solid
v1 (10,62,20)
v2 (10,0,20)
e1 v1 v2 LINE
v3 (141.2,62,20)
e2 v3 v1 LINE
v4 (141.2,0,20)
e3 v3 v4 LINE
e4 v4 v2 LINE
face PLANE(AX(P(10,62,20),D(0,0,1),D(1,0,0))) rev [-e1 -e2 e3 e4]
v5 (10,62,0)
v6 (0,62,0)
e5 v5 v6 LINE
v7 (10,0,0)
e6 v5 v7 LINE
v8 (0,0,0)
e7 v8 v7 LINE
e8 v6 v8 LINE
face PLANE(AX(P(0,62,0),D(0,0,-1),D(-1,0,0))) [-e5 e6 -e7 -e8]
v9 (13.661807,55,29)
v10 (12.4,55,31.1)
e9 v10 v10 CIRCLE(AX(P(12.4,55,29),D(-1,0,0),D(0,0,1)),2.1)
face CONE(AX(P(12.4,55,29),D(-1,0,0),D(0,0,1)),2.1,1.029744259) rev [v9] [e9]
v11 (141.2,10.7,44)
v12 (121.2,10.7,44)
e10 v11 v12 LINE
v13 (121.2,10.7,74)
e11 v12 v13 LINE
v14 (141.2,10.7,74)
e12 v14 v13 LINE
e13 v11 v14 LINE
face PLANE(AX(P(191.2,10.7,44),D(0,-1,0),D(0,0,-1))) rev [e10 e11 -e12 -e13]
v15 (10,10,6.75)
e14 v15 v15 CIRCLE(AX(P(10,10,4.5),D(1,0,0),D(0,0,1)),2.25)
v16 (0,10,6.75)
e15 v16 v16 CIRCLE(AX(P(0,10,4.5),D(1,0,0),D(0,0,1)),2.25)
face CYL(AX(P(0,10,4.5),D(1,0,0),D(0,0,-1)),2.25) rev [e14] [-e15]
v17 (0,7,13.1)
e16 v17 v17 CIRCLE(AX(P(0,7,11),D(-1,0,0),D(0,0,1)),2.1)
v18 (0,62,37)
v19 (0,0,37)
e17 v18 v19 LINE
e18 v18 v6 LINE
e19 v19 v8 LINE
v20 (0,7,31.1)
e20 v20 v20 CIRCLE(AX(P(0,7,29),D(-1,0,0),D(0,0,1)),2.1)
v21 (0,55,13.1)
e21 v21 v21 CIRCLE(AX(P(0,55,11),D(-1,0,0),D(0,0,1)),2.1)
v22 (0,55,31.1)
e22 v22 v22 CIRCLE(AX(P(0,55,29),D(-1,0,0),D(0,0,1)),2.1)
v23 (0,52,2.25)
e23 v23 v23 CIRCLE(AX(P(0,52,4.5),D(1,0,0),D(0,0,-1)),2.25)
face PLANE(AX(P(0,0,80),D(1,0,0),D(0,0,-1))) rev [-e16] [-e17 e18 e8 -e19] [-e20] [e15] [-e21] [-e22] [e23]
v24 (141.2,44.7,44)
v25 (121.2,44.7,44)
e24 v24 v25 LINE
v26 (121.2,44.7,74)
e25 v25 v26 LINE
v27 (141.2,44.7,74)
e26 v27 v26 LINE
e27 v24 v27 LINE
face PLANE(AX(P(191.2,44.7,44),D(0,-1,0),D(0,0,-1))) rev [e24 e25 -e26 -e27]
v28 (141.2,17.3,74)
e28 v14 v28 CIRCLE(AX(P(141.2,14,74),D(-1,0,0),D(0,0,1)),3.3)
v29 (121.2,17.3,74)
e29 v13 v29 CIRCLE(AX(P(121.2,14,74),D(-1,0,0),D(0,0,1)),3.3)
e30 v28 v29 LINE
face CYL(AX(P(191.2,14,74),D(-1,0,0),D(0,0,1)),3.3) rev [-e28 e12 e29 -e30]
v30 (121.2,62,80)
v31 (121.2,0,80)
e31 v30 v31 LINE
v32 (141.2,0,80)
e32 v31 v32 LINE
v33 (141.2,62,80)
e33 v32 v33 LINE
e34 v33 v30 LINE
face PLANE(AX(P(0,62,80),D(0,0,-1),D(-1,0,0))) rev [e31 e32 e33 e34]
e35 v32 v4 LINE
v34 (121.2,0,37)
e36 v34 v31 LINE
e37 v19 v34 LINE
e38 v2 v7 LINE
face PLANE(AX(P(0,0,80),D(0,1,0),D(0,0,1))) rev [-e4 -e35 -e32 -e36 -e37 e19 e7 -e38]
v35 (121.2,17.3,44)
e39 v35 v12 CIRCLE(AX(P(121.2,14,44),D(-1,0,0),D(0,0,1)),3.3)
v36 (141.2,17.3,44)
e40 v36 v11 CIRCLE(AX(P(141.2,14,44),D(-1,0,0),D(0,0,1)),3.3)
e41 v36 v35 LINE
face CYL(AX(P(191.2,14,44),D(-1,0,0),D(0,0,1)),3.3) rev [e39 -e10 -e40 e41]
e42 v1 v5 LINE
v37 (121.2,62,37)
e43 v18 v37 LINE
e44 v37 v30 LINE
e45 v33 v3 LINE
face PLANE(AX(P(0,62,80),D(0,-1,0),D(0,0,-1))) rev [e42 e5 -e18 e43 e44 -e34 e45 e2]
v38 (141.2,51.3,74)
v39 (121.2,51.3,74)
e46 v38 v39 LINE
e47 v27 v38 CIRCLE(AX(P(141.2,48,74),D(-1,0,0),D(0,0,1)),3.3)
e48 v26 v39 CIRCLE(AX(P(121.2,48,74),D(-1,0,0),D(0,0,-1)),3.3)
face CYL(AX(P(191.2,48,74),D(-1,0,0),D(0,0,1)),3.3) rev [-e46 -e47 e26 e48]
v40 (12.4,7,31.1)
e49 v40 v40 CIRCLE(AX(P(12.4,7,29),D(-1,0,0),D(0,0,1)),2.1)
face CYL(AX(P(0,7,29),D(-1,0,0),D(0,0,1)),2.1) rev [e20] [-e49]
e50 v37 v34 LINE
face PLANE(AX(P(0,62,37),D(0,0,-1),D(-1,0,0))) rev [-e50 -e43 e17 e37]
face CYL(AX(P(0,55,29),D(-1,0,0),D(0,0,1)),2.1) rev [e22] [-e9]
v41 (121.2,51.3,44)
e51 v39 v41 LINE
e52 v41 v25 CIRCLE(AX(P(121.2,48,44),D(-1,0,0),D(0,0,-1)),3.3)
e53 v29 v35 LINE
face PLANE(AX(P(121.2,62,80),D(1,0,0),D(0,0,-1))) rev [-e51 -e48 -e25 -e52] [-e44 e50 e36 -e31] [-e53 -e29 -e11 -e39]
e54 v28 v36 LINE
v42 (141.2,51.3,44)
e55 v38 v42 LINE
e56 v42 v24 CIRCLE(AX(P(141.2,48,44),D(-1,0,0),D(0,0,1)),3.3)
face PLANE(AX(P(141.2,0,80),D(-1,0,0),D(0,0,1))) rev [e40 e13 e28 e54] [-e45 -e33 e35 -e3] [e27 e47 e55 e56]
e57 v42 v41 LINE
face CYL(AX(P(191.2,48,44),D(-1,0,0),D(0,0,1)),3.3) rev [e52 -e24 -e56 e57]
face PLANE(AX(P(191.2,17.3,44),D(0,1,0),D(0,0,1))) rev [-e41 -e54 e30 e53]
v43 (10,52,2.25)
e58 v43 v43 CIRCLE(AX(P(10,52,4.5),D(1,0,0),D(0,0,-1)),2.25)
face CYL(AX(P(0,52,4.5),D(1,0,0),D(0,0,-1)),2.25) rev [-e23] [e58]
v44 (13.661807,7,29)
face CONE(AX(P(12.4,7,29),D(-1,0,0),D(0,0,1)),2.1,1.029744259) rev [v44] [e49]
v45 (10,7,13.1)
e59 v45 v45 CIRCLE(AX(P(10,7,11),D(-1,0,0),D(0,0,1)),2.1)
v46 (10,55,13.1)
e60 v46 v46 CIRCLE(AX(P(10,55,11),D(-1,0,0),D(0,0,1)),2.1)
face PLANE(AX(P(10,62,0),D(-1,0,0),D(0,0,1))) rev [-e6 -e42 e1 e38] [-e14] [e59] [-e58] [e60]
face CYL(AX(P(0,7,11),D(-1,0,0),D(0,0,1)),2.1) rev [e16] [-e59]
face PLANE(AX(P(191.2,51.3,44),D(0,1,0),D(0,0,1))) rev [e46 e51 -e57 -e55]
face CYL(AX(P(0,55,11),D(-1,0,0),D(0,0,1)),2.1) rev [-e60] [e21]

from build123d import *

# Parameters (mm, degrees)
SKETCH_1_W             = 141.2
SKETCH_1_H             = 62
EXTRUDE_1_DEPTH        = 80
SKETCH_2_W             = 131.2
SKETCH_2_H             = 20
SKETCH_2_W_2           = 121.2
SKETCH_2_H_2           = 43
CUT_EXTRUDE_1_DEPTH    = 174.728063363
CUT_EXTRUDE_2_DEPTH    = 70
SKETCH_4_R             = 2.25
CUT_EXTRUDE_3_DEPTH    = 166.702866602
HOLE_WIZARD_M5_1_D     = 4.2
HOLE_WIZARD_M5_1_DEPTH = 12.4
HOLE_WIZARD_M5_1_TIP   = 1.2618073


with BuildPart() as part:
    # 草图1 → 凸台-拉伸1 (new body)
    with BuildSketch(Plane.XY):
        with Locations((70.6, 31)):
            Rectangle(SKETCH_1_W, SKETCH_1_H)
    extrude(amount=EXTRUDE_1_DEPTH)

    # 草图2 → 切除-拉伸1 (cut, through all)
    with BuildSketch(Plane.XZ):
        with Locations((75.6, 10)):
            Rectangle(SKETCH_2_W, SKETCH_2_H)
        with Locations((60.6, 58.5)):
            Rectangle(SKETCH_2_W_2, SKETCH_2_H_2)
    extrude(amount=-CUT_EXTRUDE_1_DEPTH, mode=Mode.SUBTRACT)

    # 草图3 → 切除-拉伸2 (cut)
    with BuildSketch(Plane.ZY.offset(-121.2)):
        with BuildLine():
            Line((44, 17.3), (74, 17.3))
            ThreePointArc((74, 17.3), (77.3, 14), (74, 10.7))
            Line((74, 10.7), (44, 10.7))
            ThreePointArc((44, 10.7), (40.7, 14), (44, 17.3))
        make_face()
        with BuildLine():
            Line((44, 44.7), (74, 44.7))
            ThreePointArc((74, 44.7), (77.3, 48), (74, 51.3))
            Line((74, 51.3), (44, 51.3))
            ThreePointArc((44, 51.3), (40.7, 48), (44, 44.7))
        make_face()
    extrude(amount=-CUT_EXTRUDE_2_DEPTH, mode=Mode.SUBTRACT)

    # 草图4 → 切除-拉伸3 (cut, through all)
    with BuildSketch(Plane(origin=(10, 0, 0), x_dir=(0, 0, -1), z_dir=(1, 0, 0))):
        with Locations(Location((-4.5, 10, 0), (0, 0, 180))):
            Circle(SKETCH_4_R)
        with Locations((-4.5, 52)):
            Circle(SKETCH_4_R)
    extrude(amount=-CUT_EXTRUDE_3_DEPTH, mode=Mode.SUBTRACT)

    # M5 螺纹孔1
    with Locations(Plane.ZY):
        with Locations((29, 7), (11, 7), (11, 55), (29, 55)):
            Hole(HOLE_WIZARD_M5_1_D / 2, depth=HOLE_WIZARD_M5_1_DEPTH)
            with Locations((0, 0, -(HOLE_WIZARD_M5_1_DEPTH + HOLE_WIZARD_M5_1_TIP / 2))):  # 118° drill point
                Cone(0, HOLE_WIZARD_M5_1_D / 2, HOLE_WIZARD_M5_1_TIP, mode=Mode.SUBTRACT)


solid = part.part
